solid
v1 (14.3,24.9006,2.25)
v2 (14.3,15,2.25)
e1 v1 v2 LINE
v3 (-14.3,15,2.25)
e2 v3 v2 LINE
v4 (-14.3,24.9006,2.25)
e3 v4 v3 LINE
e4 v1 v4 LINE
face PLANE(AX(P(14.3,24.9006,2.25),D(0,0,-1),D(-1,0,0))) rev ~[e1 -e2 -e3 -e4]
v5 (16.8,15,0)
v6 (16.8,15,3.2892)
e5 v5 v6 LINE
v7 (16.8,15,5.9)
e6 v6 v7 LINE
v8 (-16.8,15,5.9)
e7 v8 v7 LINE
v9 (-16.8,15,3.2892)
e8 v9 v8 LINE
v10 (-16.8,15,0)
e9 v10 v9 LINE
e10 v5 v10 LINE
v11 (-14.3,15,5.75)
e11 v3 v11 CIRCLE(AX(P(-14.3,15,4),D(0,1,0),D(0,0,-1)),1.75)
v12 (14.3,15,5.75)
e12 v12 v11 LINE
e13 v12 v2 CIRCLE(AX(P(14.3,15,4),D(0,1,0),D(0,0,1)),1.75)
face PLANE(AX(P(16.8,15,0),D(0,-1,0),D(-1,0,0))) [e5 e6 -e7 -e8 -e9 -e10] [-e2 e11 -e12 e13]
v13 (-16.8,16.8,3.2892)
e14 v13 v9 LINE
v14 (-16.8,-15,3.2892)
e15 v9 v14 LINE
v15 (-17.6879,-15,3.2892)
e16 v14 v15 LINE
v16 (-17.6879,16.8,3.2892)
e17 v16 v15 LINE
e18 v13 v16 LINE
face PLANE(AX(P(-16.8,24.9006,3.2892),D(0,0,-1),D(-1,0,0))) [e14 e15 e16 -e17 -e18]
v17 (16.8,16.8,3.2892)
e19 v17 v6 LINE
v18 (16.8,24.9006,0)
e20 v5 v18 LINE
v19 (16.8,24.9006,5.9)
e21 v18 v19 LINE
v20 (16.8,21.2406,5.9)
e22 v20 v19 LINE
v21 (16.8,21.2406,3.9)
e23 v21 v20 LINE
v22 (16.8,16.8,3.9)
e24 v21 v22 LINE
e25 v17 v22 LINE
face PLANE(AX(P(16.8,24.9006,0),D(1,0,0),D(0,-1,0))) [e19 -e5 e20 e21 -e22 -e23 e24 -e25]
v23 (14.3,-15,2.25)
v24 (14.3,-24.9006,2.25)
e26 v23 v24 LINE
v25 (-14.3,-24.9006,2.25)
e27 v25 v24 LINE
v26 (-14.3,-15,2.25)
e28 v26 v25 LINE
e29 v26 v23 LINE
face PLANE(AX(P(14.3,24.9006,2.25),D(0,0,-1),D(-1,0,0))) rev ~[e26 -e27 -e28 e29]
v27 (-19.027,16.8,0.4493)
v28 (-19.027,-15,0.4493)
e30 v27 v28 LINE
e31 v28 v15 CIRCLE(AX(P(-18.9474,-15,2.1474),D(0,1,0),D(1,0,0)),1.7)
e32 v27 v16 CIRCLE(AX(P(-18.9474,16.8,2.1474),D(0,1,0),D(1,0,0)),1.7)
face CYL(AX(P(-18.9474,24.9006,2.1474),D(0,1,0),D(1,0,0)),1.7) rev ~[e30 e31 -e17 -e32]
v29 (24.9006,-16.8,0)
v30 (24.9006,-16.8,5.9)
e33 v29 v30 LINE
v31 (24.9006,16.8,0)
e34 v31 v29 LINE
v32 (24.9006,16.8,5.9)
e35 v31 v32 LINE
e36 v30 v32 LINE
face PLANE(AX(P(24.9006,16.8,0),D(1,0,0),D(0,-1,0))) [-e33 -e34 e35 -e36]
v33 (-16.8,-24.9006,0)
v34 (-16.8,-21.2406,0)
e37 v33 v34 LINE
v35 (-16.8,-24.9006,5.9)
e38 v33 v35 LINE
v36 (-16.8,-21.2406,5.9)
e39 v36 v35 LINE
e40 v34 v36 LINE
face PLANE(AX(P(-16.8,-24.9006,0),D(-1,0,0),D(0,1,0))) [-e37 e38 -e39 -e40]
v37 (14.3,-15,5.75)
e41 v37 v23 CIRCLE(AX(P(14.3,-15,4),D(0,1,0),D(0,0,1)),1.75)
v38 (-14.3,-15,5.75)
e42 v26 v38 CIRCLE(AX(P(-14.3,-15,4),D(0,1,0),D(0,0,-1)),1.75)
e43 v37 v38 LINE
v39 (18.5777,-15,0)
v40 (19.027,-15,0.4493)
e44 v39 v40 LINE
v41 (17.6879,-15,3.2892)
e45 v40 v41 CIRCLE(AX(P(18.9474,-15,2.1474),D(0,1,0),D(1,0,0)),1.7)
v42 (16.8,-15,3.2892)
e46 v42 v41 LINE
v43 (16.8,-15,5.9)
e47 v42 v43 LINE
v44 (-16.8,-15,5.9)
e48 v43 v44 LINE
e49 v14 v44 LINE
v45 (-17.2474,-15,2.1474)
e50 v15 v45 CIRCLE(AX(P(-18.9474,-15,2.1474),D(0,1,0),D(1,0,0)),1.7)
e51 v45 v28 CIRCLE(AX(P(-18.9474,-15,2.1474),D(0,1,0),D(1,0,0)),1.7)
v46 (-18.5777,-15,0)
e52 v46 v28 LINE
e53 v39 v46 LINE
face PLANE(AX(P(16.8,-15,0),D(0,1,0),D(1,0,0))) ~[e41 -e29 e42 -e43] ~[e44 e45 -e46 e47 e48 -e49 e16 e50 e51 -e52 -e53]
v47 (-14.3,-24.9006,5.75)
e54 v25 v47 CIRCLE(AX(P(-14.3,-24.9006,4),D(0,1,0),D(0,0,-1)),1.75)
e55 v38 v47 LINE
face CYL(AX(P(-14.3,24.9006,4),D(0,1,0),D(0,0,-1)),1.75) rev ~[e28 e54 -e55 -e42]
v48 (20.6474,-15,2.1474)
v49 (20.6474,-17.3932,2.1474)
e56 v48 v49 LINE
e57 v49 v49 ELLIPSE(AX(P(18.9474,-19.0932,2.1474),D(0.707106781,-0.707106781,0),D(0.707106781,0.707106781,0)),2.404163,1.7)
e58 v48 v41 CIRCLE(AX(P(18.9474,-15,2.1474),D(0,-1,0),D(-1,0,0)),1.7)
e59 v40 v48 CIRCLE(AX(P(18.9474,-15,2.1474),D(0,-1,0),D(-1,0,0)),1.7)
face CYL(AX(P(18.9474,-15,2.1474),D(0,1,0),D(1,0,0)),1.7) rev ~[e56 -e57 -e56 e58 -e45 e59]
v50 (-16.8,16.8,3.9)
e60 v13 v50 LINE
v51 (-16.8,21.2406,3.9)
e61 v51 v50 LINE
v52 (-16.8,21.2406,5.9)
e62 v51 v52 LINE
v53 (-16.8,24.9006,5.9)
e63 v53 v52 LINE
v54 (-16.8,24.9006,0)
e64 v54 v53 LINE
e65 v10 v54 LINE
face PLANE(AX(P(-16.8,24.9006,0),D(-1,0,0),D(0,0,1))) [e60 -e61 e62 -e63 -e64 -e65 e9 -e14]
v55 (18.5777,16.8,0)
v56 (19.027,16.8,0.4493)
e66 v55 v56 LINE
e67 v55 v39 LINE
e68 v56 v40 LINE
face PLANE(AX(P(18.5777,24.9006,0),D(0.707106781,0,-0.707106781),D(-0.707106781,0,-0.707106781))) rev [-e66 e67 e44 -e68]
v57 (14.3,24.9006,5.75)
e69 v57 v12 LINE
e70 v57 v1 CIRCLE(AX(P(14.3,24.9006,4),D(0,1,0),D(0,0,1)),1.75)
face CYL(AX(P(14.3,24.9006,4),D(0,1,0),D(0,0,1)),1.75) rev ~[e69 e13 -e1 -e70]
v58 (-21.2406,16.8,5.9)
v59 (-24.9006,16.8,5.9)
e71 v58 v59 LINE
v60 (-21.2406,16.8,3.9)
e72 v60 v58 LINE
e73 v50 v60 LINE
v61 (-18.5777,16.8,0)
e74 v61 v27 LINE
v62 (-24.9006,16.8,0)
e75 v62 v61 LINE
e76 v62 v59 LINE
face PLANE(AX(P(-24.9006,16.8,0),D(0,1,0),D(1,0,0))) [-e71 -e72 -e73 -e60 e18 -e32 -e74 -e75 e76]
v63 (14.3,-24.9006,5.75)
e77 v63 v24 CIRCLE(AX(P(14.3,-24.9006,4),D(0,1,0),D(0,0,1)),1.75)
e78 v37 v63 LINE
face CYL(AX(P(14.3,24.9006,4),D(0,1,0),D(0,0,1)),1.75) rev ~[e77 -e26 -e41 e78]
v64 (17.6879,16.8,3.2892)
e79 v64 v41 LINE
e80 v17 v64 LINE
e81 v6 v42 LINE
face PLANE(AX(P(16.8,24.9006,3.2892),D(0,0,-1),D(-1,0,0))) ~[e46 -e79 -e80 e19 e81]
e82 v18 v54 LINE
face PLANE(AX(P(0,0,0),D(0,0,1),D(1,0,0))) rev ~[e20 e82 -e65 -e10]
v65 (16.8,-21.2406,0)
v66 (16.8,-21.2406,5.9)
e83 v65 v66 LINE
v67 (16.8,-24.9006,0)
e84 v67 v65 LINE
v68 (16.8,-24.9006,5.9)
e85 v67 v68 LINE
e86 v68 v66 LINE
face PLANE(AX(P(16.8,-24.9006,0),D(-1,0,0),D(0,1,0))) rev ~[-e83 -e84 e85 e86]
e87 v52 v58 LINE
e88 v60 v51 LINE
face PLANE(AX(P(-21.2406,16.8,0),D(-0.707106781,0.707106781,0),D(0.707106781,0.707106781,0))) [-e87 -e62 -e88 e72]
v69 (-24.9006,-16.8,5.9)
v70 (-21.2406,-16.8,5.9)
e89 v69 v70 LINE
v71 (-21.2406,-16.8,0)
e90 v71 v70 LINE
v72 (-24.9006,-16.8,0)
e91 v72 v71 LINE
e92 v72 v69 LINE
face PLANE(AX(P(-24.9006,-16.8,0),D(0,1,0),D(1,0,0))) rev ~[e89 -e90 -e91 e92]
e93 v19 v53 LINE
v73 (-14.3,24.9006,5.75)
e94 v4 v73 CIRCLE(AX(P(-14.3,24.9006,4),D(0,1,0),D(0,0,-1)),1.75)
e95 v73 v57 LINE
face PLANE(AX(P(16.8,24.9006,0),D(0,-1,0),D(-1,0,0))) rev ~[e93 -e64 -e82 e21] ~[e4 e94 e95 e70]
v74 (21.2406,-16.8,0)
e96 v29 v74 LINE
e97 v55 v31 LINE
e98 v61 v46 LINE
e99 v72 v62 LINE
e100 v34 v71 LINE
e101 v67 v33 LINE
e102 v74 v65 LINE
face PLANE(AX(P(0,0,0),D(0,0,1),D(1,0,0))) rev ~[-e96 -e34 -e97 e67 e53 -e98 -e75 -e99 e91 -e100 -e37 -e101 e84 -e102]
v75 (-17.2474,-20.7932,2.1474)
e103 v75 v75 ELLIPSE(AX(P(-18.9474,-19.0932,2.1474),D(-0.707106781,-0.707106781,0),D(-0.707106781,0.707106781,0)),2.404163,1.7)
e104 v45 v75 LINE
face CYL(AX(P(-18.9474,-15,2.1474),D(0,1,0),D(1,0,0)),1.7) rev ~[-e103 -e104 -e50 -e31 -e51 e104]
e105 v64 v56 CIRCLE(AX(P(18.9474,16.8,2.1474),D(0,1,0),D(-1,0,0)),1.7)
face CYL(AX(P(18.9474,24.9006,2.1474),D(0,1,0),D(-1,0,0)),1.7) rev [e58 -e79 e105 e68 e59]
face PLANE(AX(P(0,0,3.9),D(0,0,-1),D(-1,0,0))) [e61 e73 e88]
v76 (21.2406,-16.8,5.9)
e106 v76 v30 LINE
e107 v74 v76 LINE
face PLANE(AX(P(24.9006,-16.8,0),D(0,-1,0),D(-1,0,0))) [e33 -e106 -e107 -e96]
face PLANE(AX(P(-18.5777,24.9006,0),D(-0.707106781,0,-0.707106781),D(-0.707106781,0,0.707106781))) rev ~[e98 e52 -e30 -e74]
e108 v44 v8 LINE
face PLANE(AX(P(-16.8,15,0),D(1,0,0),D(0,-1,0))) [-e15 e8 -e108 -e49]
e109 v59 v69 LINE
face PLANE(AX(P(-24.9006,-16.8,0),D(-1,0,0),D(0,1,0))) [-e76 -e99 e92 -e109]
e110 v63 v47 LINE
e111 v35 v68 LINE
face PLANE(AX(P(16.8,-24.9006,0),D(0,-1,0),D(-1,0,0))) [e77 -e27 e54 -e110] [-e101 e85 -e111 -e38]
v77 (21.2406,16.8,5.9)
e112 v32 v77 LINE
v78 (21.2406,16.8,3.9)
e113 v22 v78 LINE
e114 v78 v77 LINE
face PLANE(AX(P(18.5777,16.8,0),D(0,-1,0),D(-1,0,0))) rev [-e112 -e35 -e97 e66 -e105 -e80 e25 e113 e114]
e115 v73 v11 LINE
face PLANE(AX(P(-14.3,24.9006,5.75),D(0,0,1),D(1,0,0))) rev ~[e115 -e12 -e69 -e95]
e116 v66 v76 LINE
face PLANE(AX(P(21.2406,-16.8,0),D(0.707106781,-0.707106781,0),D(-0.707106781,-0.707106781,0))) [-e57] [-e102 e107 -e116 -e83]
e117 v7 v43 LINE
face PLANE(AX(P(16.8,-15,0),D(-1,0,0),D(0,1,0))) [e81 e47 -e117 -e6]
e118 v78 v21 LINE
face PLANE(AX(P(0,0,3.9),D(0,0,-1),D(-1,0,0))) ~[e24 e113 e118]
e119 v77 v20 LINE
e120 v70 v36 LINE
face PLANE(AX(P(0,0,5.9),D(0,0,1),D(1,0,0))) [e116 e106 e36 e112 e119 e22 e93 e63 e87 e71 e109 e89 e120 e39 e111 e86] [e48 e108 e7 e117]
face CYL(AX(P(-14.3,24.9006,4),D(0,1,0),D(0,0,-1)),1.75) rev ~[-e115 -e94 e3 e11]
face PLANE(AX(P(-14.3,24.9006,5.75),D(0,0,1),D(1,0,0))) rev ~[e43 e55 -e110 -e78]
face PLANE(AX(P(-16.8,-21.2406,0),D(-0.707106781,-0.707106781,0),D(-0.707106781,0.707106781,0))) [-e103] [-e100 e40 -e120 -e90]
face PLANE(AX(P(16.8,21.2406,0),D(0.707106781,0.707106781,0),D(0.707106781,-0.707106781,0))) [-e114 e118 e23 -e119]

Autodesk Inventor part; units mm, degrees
ref_plane "YZ Plane" through (0, 0, 0) normal (1, 0, 0) x (0, 1, 0)
ref_plane "XZ Plane" through (0, 0, 0) normal (0, 1, 0) x (-1, 0, 0)
ref_plane "XY Plane" through (0, 0, 0) normal (0, 0, 1) x (1, 0, 0)
sketch "Sketch1" plane through (0, 0, 0) normal (0, 0, 1) x (1, 0, 0)
  line L0 (-51.8104, 0) -> (51.8104, 0) construction
  line L1 (0, -35.1144) -> (0, 36.3819) construction
  line L2 (0, 0) -> (26.1682, 26.1682) construction
  line L3 (0, 0) -> (37.0074, 0) construction
  line L4 (16.8, 24.9006) -> (16.8, 21.2406)
  line L5 (16.8, 21.2406) -> (19.0203, 19.0203)
  line L6 (16.8, 24.9006) -> (0, 24.9006)
  line L7 (24.9006, 16.8) -> (21.2406, 16.8)
  line L8 (21.2406, 16.8) -> (19.0203, 19.0203)
  line L9 (24.9006, 16.8) -> (24.9006, 0)
  line L10 (0, 0) -> (-37.0074, 0) construction
  line L11 (-16.8, 24.9006) -> (-16.8, 21.2406)
  line L12 (-16.8, 21.2406) -> (-19.0203, 19.0203)
  line L13 (-16.8, 24.9006) -> (0, 24.9006)
  line L14 (-24.9006, 16.8) -> (-24.9006, 0)
  line L15 (-24.9006, 16.8) -> (-21.2406, 16.8)
  line L16 (-21.2406, 16.8) -> (-19.0203, 19.0203)
  line L17 (16.8, -24.9006) -> (16.8, -21.2406)
  line L18 (16.8, -21.2406) -> (19.0203, -19.0203)
  line L19 (16.8, -24.9006) -> (0, -24.9006)
  line L20 (24.9006, -16.8) -> (24.9006, 0)
  line L21 (24.9006, -16.8) -> (21.2406, -16.8)
  line L22 (21.2406, -16.8) -> (19.0203, -19.0203)
  line L23 (-16.8, -24.9006) -> (-16.8, -21.2406)
  line L24 (-16.8, -21.2406) -> (-19.0203, -19.0203)
  line L25 (-16.8, -24.9006) -> (0, -24.9006)
  line L26 (-24.9006, -16.8) -> (-24.9006, 0)
  line L27 (-24.9006, -16.8) -> (-21.2406, -16.8)
  line L28 (-21.2406, -16.8) -> (-19.0203, -19.0203)
  line L29 (-16.8, -16.8) -> (16.8, 16.8) construction
  line L30 (17.4242, -17.4242) -> (-16.0391, 16.0391) construction
  line L31 (-16.8, -15) -> (16.8, -15)
  line L32 (16.8, -15) -> (16.8, 15)
  line L33 (16.8, 15) -> (-16.8, 15)
  line L34 (-16.8, 15) -> (-16.8, -15)
  line L35 (-16.8, -15) -> (16.8, 15) construction
  line L36 (16.8, -15) -> (-16.8, 15) construction
  dimension "d0" = 45
  dimension "d1" = 3.14
  dimension "d2" = 3.66
  dimension "d4" = 16.8
  dimension "d16" = 33.6
  dimension "d17" = 30
extrude "Extrusion1" add sketch "Sketch1" along normal blind 8
sketch "Sketch2" plane through (-16.8, 24.9006, 0) normal (0, 1, 0) x (1, 0, 0)
  line L0 (-8.1006, 0) -> (-4.4406, 0) construction
  line L1 (-8.1006, 0) -> (-8.1006, -8) construction
  line L2 (-4.4406, -8) -> (-8.1006, -8) construction
  line L3 (-4.4406, 0) -> (-4.4406, -8) construction
  line L4 (-4.4406, 0) -> (0, 0) construction
  line L5 (-4.4406, 0) -> (-4.4406, -8) construction
  line L6 (0, -8) -> (-4.4406, -8) construction
  line L7 (0, 0) -> (0, -8) construction
  line L8 (0, 0) -> (33.6, 0) construction
  line L9 (0, 0) -> (0, -8) construction
  line L10 (33.6, -8) -> (0, -8) construction
  line L11 (33.6, 0) -> (33.6, -8) construction
  line L12 (33.6, 0) -> (38.0406, 0) construction
  line L13 (33.6, 0) -> (33.6, -8) construction
  line L14 (38.0406, -8) -> (33.6, -8) construction
  line L15 (38.0406, 0) -> (38.0406, -8) construction
  line L16 (38.0406, 0) -> (41.7006, 0) construction
  line L17 (38.0406, 0) -> (38.0406, -8) construction
  line L18 (41.7006, -8) -> (38.0406, -8) construction
  line L19 (41.7006, 0) -> (41.7006, -8) construction
  line L20 (-0.9933, -0.6346) -> (2.8461, 5.7642) construction
  ellipse E0 centre (4.1754, 7.1215) end of major axis (2.3333, 6.6563) minor radius 1.8997 (5.4585, 5.7204) -> (2.8461, 5.7642) ccw construction
  line L21 (5.4585, 5.7204) -> (9.3415, -1.2728) construction
  line L22 (9.3415, -1.2728) -> (8.4179, -1.2574) construction
  line L23 (8.4179, -1.2574) -> (4.8304, 5.2036) construction
  ellipse E1 centre (5.2675, 5.4463) end of major axis (4.7828, 5.3239) minor radius 0.4999 (4.9945, 5.8651) -> (4.8304, 5.2036) ccw construction
  ellipse E2 centre (4.1754, 7.1215) end of major axis (2.7211, 6.7542) minor radius 1.4998 (4.9945, 5.8651) -> (3.3146, 5.8932) ccw construction
  ellipse E3 centre (3.0277, 5.4838) end of major axis (3.5125, 5.6062) minor radius 0.4999 (3.4564, 5.2266) -> (3.3146, 5.8932) ccw construction
  line L24 (3.4564, 5.2266) -> (-0.3461, -1.1107) construction
  ellipse E4 centre (-1.5262, -2.0366) end of major axis (-0.0719, -1.6693) minor radius 1.4998 (-0.9933, -0.6346) -> (-0.3461, -1.1107) ccw construction
  circle A0 centre (-2.1474, -2.1474) radius 1.7
  line L25 (-4.4406, 0) -> (0, 0) construction
  line L26 (0, 0) -> (-3.5302, -3.5302) construction
  line L27 (0, 0) -> (4.9925, 0) construction
  line L28 (0, 0) -> (2, 0)
  line L29 (0, 0) -> (-1.7777, 0)
  line L30 (-1.7777, 0) -> (-2.227, -0.4493)
  line L31 (0, 0) -> (0, -3.2892)
  line L32 (0, -3.2892) -> (-0.8879, -3.2892)
  point P0 (16.8, 0)
  dimension "d8" = 3.4
  dimension "d9" = 135
extrude "Extrusion2" cut sketch "Sketch2" against normal up to surface (39.9006 mm away)
sketch "Sketch3" plane through (0, 0, 0) normal (0, 0, -1) x (-1, 0, 0)
  line L0 (16.8, 15) -> (16.8, 24.9006) construction
  line L1 (16.8, 24.9006) -> (-16.8, 24.9006) construction
  line L2 (-16.8, 24.9006) -> (-16.8, 21.2406) construction
  line L3 (-16.8, 21.2406) -> (-21.2406, 16.8) construction
  line L4 (-21.2406, 16.8) -> (-24.9006, 16.8) construction
  line L5 (-24.9006, 16.8) -> (-24.9006, -16.8) construction
  line L6 (-24.9006, -16.8) -> (-21.2406, -16.8) construction
  line L7 (-21.2406, -16.8) -> (-16.8, -21.2406) construction
  line L8 (-16.8, -21.2406) -> (-16.8, -24.9006) construction
  line L9 (-16.8, -24.9006) -> (16.8, -24.9006) construction
  line L10 (16.8, -24.9006) -> (16.8, -21.2406) construction
  line L11 (16.8, -21.2406) -> (21.2406, -16.8) construction
  line L12 (21.2406, -16.8) -> (24.9006, -16.8) construction
  line L13 (24.9006, -16.8) -> (24.9006, 16.8) construction
  line L14 (24.9006, 16.8) -> (21.2406, 16.8) construction
  line L15 (21.2406, 16.8) -> (18.5777, 19.4629) construction
  line L16 (21.2406, 16.8) -> (24.9006, 16.8) construction
  line L17 (24.9006, 16.8) -> (21.2406, 16.8) projected
  line L18 (18.5777, 19.4629) -> (18.5777, -15) projected
  line L19 (16.8, 21.2406) -> (21.2406, 16.8) projected
  line L20 (21.2406, 16.8) -> (16.8, 21.2406)
  line L21 (16.8, 21.2406) -> (16.8, 16.8)
  line L22 (16.8, 16.8) -> (21.2406, 16.8)
  line L23 (18.5777, 19.4629) -> (18.5777, -15) projected
  line L24 (18.5777, -15) -> (-16.8, -15) projected
  line L25 (-16.8, -15) -> (-16.8, 15) projected
  line L26 (-16.8, 15) -> (16.8, 15) projected
  point P0 (0, 0)
  point P1 (18.5777, -16.8)
extrude "Extrusion3" cut sketch "Sketch3" against normal blind 3.9
mirror "Mirror1" about plane through (0, 0, 0) normal (1, 0, 0) of "Extrusion3", "Extrusion2"
sketch "Sketch4" plane through (-16.8, -15, 8) normal (0, 1, 0) x (1, 0, 0)
  line L0 (-1.7777, 8) -> (35.3777, 8) construction
  line L1 (-1.7777, 8) -> (-2.227, 7.5507) construction
  arc A0 (-2.227, 7.5507) -> (-0.8879, 4.7108) centre (-2.1474, 5.8526) ccw construction
  line L2 (-0.8879, 4.7108) -> (0, 4.7108) construction
  line L3 (0, 4.7108) -> (0, 0) construction
  line L4 (33.6, 0) -> (0, 0) construction
  line L5 (33.6, 4.7108) -> (33.6, 0) construction
  line L6 (34.4879, 4.7108) -> (33.6, 4.7108) construction
  arc A1 (34.4879, 4.7108) -> (35.827, 7.5507) centre (35.7474, 5.8526) ccw construction
  line L7 (35.3777, 8) -> (35.827, 7.5507) construction
  circle A2 centre (35.7474, 5.8526) radius 1.7
  circle A3 centre (-2.1474, 5.8526) radius 1.7
  point P0 (16.8, 8)
extrude "Extrusion4" cut sketch "Sketch4" against normal blind 10
sketch "Sketch5" plane through (-16.8, 24.9006, 0) normal (0, 1, 0) x (1, 0, 0)
  line L0 (0, 0) -> (33.6, 0) construction
  line L1 (0, 0) -> (0, -8) construction
  line L2 (33.6, -8) -> (0, -8) construction
  line L3 (33.6, 0) -> (33.6, -8) construction
  line L4 (16.8, 0) -> (16.8, -8) construction
  line L5 (33.6, 0) -> (33.6, -8) construction
  line L6 (0, 0) -> (0, -8) construction
  line L7 (33.6, -4) -> (0, -4) construction
  line L8 (2.5, -4) -> (31.1, -4) construction
  line L9 (2.5, -5.75) -> (31.1, -5.75)
  line L10 (31.1, -2.25) -> (2.5, -2.25)
  arc A0 (2.5, -2.25) -> (2.5, -5.75) centre (2.5, -4) ccw
  arc A1 (31.1, -5.75) -> (31.1, -2.25) centre (31.1, -4) ccw
  point P0 (16.8, -4)
  dimension "d20" = 3.5
  dimension "d21" = 2.5
extrude "Extrusion5" cut sketch "Sketch5" against normal through all
sketch "Sketch6" plane through (0, 0, 8) normal (0, 0, 1) x (1, 0, 0)
  line L0 (-16.8, -15) -> (-16.8, 15) projected
  line L1 (-16.8, 15) -> (16.8, 15) projected
  line L2 (16.8, 15) -> (16.8, -15) projected
  line L3 (16.8, -15) -> (-16.8, -15) projected
  line L4 (16.8, 21.2406) -> (16.8, 24.9006) projected
  line L5 (16.8, 24.9006) -> (-16.8, 24.9006) projected
  line L6 (-16.8, 24.9006) -> (-16.8, 21.2406) projected
  line L7 (-16.8, 21.2406) -> (-21.2406, 16.8) projected
  line L8 (-21.2406, 16.8) -> (-24.9006, 16.8) projected
  line L9 (-24.9006, 16.8) -> (-24.9006, -16.8) projected
  line L10 (-24.9006, -16.8) -> (-21.2406, -16.8) projected
  line L11 (-21.2406, -16.8) -> (-16.8, -21.2406) projected
  line L12 (-16.8, -21.2406) -> (-16.8, -24.9006) projected
  line L13 (-16.8, -24.9006) -> (16.8, -24.9006) projected
  line L14 (16.8, -24.9006) -> (16.8, -21.2406) projected
  line L15 (16.8, -21.2406) -> (21.2406, -16.8) projected
  line L16 (21.2406, -16.8) -> (24.9006, -16.8) projected
  line L17 (24.9006, -16.8) -> (24.9006, 16.8) projected
  line L18 (24.9006, 16.8) -> (21.2406, 16.8) projected
  line L19 (21.2406, 16.8) -> (16.8, 21.2406) projected
  point P0 (0, 0)
extrude "Extrusion6" cut sketch "Sketch6" against normal blind 2.1
properties part number "20_Rect_Aperture_Insert_half"
